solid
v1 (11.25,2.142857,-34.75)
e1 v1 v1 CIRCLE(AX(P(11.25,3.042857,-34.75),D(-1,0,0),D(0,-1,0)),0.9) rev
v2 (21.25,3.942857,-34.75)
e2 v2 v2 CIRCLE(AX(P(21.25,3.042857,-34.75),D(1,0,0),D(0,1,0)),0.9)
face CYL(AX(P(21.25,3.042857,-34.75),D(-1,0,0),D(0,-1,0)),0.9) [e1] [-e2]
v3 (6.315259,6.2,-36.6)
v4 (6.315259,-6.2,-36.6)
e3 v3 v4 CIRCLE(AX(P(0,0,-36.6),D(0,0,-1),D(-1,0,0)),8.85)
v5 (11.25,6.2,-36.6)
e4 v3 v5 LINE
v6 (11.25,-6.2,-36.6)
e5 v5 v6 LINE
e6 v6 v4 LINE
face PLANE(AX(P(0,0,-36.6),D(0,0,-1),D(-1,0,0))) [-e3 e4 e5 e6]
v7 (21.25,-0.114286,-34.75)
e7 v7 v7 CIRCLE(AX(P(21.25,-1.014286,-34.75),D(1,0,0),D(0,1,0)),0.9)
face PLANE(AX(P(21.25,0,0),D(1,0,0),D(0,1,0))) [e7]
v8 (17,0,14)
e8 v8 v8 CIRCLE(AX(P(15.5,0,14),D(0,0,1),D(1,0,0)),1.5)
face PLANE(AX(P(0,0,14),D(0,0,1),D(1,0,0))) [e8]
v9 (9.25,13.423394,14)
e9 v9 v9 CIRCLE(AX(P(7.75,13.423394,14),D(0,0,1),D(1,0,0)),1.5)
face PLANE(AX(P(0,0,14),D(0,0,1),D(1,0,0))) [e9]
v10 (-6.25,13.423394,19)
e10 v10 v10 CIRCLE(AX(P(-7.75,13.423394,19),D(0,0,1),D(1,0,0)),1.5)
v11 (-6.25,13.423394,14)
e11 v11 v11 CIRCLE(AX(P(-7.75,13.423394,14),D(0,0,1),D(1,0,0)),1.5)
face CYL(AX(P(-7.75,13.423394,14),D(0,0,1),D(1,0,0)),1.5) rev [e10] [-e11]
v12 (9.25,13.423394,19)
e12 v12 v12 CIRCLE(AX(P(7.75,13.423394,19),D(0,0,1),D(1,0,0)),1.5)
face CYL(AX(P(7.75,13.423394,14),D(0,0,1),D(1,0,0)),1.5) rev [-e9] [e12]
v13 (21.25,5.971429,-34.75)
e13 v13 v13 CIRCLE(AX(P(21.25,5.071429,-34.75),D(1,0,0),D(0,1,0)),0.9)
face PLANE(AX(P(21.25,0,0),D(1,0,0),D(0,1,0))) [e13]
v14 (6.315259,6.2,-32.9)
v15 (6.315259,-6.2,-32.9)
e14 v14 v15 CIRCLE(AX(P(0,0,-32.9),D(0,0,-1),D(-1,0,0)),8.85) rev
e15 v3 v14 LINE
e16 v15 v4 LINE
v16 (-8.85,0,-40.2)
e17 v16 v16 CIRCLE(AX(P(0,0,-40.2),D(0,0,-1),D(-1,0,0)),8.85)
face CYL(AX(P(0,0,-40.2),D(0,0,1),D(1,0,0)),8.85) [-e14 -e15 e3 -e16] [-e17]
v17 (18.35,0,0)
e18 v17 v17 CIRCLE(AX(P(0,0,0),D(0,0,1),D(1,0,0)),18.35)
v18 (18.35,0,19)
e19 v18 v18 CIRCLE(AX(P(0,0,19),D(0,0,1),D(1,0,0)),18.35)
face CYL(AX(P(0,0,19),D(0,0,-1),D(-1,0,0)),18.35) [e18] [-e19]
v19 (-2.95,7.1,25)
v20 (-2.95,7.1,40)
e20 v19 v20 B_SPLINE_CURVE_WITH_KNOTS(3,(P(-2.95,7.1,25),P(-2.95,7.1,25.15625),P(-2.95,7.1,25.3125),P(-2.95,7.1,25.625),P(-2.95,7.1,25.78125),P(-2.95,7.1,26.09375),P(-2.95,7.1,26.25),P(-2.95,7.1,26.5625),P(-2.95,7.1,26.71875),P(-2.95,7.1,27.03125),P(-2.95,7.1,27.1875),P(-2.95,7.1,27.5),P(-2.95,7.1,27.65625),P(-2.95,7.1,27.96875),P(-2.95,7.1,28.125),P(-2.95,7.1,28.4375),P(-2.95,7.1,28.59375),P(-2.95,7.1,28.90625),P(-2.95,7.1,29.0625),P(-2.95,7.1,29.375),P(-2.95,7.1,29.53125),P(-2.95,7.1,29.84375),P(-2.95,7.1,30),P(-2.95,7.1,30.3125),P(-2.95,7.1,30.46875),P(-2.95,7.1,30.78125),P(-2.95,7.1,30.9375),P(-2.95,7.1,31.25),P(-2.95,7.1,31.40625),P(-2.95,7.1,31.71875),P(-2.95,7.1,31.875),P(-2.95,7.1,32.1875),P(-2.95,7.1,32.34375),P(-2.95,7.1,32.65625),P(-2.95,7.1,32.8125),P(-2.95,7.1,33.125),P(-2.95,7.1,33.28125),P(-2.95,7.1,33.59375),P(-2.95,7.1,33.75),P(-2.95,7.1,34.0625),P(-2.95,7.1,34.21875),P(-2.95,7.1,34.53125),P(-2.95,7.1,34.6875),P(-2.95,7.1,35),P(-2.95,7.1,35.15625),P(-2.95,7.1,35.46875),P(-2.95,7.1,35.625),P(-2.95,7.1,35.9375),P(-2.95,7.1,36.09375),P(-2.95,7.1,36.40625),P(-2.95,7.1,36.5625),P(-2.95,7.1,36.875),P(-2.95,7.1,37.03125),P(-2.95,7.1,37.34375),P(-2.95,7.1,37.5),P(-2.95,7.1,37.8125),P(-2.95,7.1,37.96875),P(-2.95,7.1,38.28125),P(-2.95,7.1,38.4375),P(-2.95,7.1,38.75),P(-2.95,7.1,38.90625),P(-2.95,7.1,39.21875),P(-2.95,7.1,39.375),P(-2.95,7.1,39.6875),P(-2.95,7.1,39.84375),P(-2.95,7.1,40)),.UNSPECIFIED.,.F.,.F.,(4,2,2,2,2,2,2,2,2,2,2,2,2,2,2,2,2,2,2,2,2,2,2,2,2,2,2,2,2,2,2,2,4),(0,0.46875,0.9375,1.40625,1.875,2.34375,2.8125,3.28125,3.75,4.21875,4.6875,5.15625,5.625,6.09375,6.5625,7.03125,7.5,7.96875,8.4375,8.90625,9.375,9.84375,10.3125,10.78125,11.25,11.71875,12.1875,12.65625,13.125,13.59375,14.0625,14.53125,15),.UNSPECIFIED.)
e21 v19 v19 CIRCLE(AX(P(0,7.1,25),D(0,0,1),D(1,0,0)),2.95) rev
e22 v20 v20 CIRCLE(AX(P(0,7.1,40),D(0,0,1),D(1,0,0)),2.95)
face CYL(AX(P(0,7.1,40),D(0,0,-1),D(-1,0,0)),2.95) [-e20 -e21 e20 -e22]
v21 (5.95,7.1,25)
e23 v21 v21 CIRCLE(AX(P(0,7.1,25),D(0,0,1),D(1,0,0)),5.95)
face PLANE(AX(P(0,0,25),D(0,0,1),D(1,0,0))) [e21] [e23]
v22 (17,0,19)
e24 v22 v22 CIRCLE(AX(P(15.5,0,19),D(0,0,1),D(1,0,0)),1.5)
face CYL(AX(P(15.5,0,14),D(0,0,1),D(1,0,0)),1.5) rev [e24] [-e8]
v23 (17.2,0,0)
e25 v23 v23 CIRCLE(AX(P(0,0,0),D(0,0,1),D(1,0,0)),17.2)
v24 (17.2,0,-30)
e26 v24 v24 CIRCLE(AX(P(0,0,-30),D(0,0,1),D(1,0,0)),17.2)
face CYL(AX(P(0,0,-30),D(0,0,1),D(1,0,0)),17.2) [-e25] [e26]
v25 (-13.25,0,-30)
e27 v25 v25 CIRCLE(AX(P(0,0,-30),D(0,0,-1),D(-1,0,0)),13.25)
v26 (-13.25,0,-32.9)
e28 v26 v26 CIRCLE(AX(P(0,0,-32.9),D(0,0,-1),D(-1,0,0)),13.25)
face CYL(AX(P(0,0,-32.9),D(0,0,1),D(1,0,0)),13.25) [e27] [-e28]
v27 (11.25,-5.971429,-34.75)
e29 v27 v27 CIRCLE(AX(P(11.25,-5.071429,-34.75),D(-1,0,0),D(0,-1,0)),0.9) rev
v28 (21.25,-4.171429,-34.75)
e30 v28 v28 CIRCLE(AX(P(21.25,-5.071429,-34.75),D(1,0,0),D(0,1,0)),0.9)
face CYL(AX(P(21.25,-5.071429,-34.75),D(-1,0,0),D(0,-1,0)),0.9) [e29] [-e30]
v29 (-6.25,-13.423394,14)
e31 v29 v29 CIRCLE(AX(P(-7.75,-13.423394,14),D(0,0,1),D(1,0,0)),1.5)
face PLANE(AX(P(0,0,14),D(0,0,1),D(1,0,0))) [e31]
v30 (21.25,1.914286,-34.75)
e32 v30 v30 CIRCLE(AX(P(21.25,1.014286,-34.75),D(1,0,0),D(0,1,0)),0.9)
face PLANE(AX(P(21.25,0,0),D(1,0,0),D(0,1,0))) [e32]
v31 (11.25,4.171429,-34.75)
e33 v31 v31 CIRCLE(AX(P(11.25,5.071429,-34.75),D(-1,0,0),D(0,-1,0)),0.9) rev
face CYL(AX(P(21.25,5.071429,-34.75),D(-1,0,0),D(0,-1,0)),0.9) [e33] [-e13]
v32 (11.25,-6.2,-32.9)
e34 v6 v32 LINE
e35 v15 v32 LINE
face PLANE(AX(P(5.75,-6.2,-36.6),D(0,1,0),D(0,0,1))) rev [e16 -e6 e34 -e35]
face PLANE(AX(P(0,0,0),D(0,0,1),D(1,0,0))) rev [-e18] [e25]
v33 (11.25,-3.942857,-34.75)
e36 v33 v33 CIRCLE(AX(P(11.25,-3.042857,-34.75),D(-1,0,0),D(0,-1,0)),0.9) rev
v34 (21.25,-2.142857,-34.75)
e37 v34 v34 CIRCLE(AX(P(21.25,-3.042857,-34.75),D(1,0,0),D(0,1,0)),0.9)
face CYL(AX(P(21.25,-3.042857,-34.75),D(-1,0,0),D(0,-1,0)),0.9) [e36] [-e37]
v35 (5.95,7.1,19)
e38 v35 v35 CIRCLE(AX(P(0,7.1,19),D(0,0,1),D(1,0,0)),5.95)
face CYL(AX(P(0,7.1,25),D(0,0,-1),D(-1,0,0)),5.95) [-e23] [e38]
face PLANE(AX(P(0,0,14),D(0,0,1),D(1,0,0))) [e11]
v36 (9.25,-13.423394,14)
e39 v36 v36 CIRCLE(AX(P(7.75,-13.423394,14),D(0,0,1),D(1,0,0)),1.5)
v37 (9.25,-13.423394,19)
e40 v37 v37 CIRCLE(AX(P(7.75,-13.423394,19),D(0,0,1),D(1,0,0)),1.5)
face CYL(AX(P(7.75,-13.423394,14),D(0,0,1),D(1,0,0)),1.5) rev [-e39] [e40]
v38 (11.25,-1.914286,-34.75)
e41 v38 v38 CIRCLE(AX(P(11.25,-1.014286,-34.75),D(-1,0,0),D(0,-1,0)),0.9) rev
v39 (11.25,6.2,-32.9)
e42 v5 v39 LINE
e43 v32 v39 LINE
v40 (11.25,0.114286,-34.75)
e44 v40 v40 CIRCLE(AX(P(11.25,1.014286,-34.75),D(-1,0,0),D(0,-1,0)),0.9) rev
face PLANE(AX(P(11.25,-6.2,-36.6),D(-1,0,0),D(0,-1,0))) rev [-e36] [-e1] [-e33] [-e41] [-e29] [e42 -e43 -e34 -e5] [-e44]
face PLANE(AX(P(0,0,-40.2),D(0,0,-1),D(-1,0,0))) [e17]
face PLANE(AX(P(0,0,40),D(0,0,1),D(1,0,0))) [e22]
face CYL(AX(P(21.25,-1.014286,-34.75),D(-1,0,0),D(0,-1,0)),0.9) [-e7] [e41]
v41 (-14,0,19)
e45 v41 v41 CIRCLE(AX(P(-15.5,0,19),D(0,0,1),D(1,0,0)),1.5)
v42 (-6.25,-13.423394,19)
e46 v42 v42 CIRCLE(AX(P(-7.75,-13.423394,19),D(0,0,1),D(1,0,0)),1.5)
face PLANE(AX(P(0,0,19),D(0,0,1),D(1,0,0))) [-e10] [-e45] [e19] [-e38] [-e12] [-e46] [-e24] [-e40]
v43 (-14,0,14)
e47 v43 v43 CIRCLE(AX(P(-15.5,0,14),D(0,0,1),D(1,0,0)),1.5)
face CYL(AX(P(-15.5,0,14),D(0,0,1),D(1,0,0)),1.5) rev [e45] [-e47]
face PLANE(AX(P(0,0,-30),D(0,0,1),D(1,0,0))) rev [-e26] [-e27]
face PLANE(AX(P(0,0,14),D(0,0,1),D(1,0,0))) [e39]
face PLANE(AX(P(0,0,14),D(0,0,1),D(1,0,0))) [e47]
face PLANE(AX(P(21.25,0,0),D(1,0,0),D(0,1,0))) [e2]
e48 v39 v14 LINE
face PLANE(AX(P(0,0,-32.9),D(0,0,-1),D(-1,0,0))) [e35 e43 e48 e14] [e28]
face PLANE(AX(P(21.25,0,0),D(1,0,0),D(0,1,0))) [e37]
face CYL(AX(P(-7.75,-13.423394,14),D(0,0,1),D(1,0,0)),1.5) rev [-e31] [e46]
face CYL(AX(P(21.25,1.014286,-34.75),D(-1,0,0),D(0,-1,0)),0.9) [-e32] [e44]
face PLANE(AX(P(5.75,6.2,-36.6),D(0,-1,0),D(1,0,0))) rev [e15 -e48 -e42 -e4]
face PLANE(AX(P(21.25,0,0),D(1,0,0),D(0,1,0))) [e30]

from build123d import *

# Parameters (mm, degrees)
SKETCH1_R           = 18.35
BOSS_EXTRUDE1_DEPTH = 19
SKETCH1_3_R         = 17.2
BOSS_EXTRUDE2_DEPTH = 30
SKETCH2_R           = 1.5
CUT_EXTRUDE1_DEPTH  = 5
SKETCH2_3_R         = 5.95
BOSS_EXTRUDE3_DEPTH = 6
SKETCH2_4_R         = 2.95
BOSS_EXTRUDE4_DEPTH = 21
SKETCH3_R           = 13.25
BOSS_EXTRUDE5_DEPTH = 2.9
SKETCH4_R           = 8.85
BOSS_EXTRUDE6_DEPTH = 10.2
SKETCH5_W           = 5.5
SKETCH5_H           = 12.4
BOSS_EXTRUDE7_DEPTH = 6.6
SKETCH6_R           = 0.9
BOSS_EXTRUDE8_DEPTH = 10


with BuildPart() as part:
    # Sketch1 → Boss-Extrude1 (new body)
    with BuildSketch(Plane.XY):
        Circle(SKETCH1_R)
    extrude(amount=BOSS_EXTRUDE1_DEPTH)

    # Sketch1<3> → Boss-Extrude2 (add)
    with BuildSketch(Plane.XY):
        Circle(SKETCH1_3_R)
    extrude(amount=-BOSS_EXTRUDE2_DEPTH)

    # Sketch2 → Cut-Extrude1 (cut)
    with BuildSketch(Plane.XY.offset(19)):
        with Locations((15.5, 0)):
            Circle(SKETCH2_R)
        with Locations((7.75, -13.423393759)):
            Circle(SKETCH2_R)
        with Locations((-7.75, -13.423393759)):
            Circle(SKETCH2_R)
        with Locations((-15.5, 0)):
            Circle(SKETCH2_R)
        with Locations((-7.75, 13.423393759)):
            Circle(SKETCH2_R)
        with Locations((7.75, 13.423393759)):
            Circle(SKETCH2_R)
    extrude(amount=-CUT_EXTRUDE1_DEPTH, mode=Mode.SUBTRACT)

    # Sketch2<3> → Boss-Extrude3 (add)
    with BuildSketch(Plane.XY.offset(19)):
        with Locations((0, 7.1)):
            Circle(SKETCH2_3_R)
    extrude(amount=BOSS_EXTRUDE3_DEPTH)

    # Sketch2<4> → Boss-Extrude4 (add)
    with BuildSketch(Plane.XY.offset(19)):
        with Locations((0, 7.1)):
            Circle(SKETCH2_4_R)
    extrude(amount=BOSS_EXTRUDE4_DEPTH)

    # Sketch3 → Boss-Extrude5 (add)
    with BuildSketch(Plane(origin=(0, 0, -30), x_dir=(-1, 0, 0), z_dir=(0, 0, -1))):
        Circle(SKETCH3_R)
    extrude(amount=BOSS_EXTRUDE5_DEPTH)

    # Sketch4 → Boss-Extrude6 (add)
    with BuildSketch(Plane(origin=(0, 0, -30), x_dir=(-1, 0, 0), z_dir=(0, 0, -1))):
        Circle(SKETCH4_R)
    extrude(amount=BOSS_EXTRUDE6_DEPTH)

    # Sketch5 → Boss-Extrude7 (add)
    with BuildSketch(Plane(origin=(0, 0, -30), x_dir=(-1, 0, 0), z_dir=(0, 0, -1))):
        with Locations((-8.5, 0)):
            Rectangle(SKETCH5_W, SKETCH5_H)
    extrude(amount=BOSS_EXTRUDE7_DEPTH)

    # Sketch6 → Boss-Extrude8 (add)
    with BuildSketch(Plane(origin=(11.25, 0, 0), x_dir=(0, 0, -1), z_dir=(1, 0, 0))):
        with Locations((34.75, 5.071428571)):
            Circle(SKETCH6_R)
        with Locations((34.75, -5.071428571)):
            Circle(SKETCH6_R)
        with Locations((34.75, -3.042857143)):
            Circle(SKETCH6_R)
        with Locations((34.75, -1.014285714)):
            Circle(SKETCH6_R)
        with Locations((34.75, 1.014285714)):
            Circle(SKETCH6_R)
        with Locations((34.75, 3.042857143)):
            Circle(SKETCH6_R)
    extrude(amount=BOSS_EXTRUDE8_DEPTH)


solid = part.part
